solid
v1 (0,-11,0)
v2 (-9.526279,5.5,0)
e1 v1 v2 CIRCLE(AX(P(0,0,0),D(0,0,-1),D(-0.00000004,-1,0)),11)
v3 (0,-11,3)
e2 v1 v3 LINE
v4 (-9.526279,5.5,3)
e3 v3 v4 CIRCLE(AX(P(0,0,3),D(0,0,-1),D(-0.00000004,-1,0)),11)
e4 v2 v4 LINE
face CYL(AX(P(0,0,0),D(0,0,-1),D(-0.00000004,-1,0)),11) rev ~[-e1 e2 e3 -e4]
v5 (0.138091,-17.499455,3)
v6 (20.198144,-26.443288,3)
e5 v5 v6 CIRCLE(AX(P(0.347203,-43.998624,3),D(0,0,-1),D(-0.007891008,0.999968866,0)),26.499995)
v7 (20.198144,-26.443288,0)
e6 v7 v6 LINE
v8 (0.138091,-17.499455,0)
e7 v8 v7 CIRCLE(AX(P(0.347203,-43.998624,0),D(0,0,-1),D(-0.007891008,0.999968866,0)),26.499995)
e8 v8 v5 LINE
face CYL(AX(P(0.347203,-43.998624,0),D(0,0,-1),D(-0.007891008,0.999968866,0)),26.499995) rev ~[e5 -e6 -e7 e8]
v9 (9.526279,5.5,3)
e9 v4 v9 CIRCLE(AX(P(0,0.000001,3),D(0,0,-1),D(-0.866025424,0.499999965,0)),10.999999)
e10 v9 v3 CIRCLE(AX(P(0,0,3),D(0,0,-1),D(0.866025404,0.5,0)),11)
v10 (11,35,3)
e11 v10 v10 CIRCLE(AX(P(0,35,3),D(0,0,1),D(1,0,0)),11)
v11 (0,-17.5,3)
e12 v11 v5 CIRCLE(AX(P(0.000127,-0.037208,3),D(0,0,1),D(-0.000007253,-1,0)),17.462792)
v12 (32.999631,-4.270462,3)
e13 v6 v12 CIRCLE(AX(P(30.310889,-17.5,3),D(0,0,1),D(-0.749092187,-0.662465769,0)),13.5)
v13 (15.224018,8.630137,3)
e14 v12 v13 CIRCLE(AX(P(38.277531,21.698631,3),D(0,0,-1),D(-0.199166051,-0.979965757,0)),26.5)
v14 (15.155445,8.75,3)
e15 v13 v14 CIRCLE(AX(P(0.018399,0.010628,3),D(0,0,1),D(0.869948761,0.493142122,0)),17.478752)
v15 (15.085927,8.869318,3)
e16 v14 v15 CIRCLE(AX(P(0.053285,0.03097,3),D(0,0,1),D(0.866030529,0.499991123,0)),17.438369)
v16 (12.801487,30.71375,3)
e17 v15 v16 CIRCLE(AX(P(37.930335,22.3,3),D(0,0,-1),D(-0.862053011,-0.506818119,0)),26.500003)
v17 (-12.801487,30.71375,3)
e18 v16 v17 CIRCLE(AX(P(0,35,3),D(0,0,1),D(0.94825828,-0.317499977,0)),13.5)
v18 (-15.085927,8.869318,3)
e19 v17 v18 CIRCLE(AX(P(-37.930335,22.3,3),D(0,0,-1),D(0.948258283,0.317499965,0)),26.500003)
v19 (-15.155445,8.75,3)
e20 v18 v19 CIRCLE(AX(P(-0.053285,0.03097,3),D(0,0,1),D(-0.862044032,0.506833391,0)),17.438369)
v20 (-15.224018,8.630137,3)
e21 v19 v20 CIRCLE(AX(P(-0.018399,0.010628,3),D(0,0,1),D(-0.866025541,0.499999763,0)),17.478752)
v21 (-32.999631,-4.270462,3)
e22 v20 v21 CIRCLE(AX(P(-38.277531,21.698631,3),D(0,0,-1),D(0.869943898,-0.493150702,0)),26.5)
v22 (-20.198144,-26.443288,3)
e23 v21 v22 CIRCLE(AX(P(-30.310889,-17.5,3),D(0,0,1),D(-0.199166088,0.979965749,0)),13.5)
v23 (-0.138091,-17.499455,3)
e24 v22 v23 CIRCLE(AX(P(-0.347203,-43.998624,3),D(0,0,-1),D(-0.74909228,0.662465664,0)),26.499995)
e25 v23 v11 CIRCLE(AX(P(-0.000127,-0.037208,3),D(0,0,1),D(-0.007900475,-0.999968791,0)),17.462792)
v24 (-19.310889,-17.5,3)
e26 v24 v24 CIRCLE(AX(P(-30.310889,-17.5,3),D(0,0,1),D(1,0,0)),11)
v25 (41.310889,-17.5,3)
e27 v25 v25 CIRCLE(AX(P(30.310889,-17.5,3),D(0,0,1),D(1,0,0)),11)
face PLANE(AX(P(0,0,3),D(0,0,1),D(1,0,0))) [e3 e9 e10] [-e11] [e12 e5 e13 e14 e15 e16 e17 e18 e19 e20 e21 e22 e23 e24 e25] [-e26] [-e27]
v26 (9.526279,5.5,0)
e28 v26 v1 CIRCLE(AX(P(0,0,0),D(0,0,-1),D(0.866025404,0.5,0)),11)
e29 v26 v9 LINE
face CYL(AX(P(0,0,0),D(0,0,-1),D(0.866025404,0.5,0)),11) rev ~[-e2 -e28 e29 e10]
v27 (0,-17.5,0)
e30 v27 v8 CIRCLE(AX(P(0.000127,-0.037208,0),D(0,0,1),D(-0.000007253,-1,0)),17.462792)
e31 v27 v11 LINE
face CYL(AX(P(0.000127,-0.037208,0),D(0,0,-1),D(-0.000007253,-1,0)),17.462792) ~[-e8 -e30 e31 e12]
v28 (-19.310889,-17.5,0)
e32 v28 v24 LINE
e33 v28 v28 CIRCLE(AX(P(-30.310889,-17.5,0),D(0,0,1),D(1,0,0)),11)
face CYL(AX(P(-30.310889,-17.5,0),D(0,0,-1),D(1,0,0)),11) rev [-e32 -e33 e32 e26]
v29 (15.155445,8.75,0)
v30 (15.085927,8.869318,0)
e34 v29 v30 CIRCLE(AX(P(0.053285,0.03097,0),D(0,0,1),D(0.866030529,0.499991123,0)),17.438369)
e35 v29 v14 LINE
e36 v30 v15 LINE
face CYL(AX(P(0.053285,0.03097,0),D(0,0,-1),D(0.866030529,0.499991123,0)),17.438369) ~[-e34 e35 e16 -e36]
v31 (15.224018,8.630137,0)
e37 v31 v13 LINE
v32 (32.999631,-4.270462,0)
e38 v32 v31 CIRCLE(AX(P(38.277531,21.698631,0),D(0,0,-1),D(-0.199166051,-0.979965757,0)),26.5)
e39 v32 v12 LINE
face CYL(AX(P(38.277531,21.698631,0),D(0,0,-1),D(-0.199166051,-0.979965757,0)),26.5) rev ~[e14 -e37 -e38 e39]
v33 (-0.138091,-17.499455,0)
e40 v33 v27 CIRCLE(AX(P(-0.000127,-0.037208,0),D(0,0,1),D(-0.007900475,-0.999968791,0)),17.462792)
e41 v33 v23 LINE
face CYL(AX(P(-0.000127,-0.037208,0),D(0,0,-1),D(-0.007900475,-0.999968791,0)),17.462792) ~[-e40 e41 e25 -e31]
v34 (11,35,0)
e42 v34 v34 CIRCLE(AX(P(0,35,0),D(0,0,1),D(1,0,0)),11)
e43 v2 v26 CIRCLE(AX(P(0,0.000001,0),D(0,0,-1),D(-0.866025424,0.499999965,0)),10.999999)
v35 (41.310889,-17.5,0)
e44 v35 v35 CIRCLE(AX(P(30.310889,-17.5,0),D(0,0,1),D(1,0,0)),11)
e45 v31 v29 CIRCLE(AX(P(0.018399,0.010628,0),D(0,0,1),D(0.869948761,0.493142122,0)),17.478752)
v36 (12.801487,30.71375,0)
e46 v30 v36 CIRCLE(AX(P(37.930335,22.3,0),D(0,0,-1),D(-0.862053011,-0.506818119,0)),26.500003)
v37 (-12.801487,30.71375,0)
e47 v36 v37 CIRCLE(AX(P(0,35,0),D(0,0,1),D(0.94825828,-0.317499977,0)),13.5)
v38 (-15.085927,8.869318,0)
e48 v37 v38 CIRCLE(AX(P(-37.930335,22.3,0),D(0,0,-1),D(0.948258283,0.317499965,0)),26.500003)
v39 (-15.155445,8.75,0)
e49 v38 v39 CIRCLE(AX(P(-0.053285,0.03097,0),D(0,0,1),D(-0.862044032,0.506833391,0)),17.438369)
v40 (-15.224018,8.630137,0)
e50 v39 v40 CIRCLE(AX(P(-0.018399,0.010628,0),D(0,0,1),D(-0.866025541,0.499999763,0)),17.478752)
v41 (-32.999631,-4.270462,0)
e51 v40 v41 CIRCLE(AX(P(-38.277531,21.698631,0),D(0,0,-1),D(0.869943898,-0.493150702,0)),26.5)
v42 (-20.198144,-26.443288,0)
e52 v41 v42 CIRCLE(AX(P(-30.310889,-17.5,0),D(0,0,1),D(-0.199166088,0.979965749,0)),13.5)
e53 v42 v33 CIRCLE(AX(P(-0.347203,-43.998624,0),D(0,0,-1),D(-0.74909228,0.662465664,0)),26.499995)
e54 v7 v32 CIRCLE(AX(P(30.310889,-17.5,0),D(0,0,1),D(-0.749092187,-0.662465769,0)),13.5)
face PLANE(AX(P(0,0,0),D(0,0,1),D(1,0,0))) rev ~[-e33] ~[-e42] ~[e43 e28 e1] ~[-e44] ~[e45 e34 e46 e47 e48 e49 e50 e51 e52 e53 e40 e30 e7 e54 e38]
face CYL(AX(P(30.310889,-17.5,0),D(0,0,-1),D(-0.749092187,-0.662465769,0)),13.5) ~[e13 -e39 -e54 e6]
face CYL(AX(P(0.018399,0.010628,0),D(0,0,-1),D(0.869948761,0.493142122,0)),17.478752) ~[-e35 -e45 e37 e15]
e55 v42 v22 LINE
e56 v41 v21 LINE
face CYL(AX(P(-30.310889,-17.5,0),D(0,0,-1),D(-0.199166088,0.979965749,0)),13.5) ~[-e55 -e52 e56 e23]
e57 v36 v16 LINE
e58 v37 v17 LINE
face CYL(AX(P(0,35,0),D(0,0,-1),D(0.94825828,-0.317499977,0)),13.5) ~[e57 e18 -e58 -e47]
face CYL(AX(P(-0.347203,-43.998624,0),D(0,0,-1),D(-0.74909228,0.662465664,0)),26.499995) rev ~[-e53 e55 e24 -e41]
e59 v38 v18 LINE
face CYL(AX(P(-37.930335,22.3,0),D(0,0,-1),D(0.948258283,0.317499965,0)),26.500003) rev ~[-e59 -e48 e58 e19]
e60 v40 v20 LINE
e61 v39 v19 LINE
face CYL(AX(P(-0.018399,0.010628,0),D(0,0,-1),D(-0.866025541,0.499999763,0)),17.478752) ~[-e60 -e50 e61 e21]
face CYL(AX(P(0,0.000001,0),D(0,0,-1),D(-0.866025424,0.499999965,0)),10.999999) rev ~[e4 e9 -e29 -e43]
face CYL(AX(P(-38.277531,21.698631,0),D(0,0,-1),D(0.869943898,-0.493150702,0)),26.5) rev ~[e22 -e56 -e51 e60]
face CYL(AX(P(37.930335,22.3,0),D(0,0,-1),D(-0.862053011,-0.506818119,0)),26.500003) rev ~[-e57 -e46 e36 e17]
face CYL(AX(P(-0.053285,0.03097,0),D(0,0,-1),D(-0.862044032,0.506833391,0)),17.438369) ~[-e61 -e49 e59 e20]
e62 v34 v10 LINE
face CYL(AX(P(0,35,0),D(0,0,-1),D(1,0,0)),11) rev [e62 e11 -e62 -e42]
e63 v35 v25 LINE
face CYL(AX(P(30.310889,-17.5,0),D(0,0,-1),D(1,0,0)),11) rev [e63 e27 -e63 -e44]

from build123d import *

# Parameters (mm, degrees)
F0_R     = 11
F1_DEPTH = 3


with BuildPart() as f1:
    # F0 (on Top) → F1 (new body)
    with BuildSketch(Plane.XY):
        with BuildLine():
            ThreePointArc((15.224018, 8.630137), (15.18985, 8.690136), (15.155445, 8.75))
            ThreePointArc((15.155445, 8.75), (15.120804, 8.809728), (15.085927, 8.869318))
            ThreePointArc((15.085927, 8.869318), (11.574062, 19.543722), (12.801487, 30.71375))
            ThreePointArc((12.801487, 30.71375), (0, 48.5), (-12.801487, 30.71375))
            ThreePointArc((-12.801487, 30.71375), (-11.574062, 19.543722), (-15.085927, 8.869318))
            ThreePointArc((-15.085927, 8.869318), (-15.120804, 8.809728), (-15.155445, 8.75))
            ThreePointArc((-15.155445, 8.75), (-15.18985, 8.690136), (-15.224018, 8.630137))
            ThreePointArc((-15.224018, 8.630137), (-22.712391, 0.25157), (-32.999631, -4.270462))
            ThreePointArc((-32.999631, -4.270462), (-42.002232, -24.25), (-20.198144, -26.443288))
            ThreePointArc((-20.198144, -26.443288), (-11.138329, -19.795292), (-0.138091, -17.499455))
            ThreePointArc((-0.138091, -17.499455), (-0.069046, -17.499864), (0, -17.5))
            ThreePointArc((0, -17.5), (0.069046, -17.499864), (0.138091, -17.499455))
            ThreePointArc((0.138091, -17.499455), (11.138329, -19.795292), (20.198144, -26.443288))
            ThreePointArc((20.198144, -26.443288), (42.002232, -24.25), (32.999631, -4.270462))
            ThreePointArc((32.999631, -4.270462), (22.712391, 0.25157), (15.224018, 8.630137))
        make_face()
        with Locations((-30.310889, -17.5)):
            Circle(F0_R, mode=Mode.SUBTRACT)
        with Locations((30.310889, -17.5)):
            Circle(F0_R, mode=Mode.SUBTRACT)
        with BuildLine():
            ThreePointArc((-9.526279, 5.5), (0, 11), (9.526279, 5.5))
            ThreePointArc((9.526279, 5.5), (9.526279, -5.5), (0, -11))
            ThreePointArc((0, -11), (-9.526279, -5.5), (-9.526279, 5.5))
        make_face(mode=Mode.SUBTRACT)
        with Locations((0, 35)):
            Circle(F0_R, mode=Mode.SUBTRACT)
    extrude(amount=F1_DEPTH)


solid = f1.part
